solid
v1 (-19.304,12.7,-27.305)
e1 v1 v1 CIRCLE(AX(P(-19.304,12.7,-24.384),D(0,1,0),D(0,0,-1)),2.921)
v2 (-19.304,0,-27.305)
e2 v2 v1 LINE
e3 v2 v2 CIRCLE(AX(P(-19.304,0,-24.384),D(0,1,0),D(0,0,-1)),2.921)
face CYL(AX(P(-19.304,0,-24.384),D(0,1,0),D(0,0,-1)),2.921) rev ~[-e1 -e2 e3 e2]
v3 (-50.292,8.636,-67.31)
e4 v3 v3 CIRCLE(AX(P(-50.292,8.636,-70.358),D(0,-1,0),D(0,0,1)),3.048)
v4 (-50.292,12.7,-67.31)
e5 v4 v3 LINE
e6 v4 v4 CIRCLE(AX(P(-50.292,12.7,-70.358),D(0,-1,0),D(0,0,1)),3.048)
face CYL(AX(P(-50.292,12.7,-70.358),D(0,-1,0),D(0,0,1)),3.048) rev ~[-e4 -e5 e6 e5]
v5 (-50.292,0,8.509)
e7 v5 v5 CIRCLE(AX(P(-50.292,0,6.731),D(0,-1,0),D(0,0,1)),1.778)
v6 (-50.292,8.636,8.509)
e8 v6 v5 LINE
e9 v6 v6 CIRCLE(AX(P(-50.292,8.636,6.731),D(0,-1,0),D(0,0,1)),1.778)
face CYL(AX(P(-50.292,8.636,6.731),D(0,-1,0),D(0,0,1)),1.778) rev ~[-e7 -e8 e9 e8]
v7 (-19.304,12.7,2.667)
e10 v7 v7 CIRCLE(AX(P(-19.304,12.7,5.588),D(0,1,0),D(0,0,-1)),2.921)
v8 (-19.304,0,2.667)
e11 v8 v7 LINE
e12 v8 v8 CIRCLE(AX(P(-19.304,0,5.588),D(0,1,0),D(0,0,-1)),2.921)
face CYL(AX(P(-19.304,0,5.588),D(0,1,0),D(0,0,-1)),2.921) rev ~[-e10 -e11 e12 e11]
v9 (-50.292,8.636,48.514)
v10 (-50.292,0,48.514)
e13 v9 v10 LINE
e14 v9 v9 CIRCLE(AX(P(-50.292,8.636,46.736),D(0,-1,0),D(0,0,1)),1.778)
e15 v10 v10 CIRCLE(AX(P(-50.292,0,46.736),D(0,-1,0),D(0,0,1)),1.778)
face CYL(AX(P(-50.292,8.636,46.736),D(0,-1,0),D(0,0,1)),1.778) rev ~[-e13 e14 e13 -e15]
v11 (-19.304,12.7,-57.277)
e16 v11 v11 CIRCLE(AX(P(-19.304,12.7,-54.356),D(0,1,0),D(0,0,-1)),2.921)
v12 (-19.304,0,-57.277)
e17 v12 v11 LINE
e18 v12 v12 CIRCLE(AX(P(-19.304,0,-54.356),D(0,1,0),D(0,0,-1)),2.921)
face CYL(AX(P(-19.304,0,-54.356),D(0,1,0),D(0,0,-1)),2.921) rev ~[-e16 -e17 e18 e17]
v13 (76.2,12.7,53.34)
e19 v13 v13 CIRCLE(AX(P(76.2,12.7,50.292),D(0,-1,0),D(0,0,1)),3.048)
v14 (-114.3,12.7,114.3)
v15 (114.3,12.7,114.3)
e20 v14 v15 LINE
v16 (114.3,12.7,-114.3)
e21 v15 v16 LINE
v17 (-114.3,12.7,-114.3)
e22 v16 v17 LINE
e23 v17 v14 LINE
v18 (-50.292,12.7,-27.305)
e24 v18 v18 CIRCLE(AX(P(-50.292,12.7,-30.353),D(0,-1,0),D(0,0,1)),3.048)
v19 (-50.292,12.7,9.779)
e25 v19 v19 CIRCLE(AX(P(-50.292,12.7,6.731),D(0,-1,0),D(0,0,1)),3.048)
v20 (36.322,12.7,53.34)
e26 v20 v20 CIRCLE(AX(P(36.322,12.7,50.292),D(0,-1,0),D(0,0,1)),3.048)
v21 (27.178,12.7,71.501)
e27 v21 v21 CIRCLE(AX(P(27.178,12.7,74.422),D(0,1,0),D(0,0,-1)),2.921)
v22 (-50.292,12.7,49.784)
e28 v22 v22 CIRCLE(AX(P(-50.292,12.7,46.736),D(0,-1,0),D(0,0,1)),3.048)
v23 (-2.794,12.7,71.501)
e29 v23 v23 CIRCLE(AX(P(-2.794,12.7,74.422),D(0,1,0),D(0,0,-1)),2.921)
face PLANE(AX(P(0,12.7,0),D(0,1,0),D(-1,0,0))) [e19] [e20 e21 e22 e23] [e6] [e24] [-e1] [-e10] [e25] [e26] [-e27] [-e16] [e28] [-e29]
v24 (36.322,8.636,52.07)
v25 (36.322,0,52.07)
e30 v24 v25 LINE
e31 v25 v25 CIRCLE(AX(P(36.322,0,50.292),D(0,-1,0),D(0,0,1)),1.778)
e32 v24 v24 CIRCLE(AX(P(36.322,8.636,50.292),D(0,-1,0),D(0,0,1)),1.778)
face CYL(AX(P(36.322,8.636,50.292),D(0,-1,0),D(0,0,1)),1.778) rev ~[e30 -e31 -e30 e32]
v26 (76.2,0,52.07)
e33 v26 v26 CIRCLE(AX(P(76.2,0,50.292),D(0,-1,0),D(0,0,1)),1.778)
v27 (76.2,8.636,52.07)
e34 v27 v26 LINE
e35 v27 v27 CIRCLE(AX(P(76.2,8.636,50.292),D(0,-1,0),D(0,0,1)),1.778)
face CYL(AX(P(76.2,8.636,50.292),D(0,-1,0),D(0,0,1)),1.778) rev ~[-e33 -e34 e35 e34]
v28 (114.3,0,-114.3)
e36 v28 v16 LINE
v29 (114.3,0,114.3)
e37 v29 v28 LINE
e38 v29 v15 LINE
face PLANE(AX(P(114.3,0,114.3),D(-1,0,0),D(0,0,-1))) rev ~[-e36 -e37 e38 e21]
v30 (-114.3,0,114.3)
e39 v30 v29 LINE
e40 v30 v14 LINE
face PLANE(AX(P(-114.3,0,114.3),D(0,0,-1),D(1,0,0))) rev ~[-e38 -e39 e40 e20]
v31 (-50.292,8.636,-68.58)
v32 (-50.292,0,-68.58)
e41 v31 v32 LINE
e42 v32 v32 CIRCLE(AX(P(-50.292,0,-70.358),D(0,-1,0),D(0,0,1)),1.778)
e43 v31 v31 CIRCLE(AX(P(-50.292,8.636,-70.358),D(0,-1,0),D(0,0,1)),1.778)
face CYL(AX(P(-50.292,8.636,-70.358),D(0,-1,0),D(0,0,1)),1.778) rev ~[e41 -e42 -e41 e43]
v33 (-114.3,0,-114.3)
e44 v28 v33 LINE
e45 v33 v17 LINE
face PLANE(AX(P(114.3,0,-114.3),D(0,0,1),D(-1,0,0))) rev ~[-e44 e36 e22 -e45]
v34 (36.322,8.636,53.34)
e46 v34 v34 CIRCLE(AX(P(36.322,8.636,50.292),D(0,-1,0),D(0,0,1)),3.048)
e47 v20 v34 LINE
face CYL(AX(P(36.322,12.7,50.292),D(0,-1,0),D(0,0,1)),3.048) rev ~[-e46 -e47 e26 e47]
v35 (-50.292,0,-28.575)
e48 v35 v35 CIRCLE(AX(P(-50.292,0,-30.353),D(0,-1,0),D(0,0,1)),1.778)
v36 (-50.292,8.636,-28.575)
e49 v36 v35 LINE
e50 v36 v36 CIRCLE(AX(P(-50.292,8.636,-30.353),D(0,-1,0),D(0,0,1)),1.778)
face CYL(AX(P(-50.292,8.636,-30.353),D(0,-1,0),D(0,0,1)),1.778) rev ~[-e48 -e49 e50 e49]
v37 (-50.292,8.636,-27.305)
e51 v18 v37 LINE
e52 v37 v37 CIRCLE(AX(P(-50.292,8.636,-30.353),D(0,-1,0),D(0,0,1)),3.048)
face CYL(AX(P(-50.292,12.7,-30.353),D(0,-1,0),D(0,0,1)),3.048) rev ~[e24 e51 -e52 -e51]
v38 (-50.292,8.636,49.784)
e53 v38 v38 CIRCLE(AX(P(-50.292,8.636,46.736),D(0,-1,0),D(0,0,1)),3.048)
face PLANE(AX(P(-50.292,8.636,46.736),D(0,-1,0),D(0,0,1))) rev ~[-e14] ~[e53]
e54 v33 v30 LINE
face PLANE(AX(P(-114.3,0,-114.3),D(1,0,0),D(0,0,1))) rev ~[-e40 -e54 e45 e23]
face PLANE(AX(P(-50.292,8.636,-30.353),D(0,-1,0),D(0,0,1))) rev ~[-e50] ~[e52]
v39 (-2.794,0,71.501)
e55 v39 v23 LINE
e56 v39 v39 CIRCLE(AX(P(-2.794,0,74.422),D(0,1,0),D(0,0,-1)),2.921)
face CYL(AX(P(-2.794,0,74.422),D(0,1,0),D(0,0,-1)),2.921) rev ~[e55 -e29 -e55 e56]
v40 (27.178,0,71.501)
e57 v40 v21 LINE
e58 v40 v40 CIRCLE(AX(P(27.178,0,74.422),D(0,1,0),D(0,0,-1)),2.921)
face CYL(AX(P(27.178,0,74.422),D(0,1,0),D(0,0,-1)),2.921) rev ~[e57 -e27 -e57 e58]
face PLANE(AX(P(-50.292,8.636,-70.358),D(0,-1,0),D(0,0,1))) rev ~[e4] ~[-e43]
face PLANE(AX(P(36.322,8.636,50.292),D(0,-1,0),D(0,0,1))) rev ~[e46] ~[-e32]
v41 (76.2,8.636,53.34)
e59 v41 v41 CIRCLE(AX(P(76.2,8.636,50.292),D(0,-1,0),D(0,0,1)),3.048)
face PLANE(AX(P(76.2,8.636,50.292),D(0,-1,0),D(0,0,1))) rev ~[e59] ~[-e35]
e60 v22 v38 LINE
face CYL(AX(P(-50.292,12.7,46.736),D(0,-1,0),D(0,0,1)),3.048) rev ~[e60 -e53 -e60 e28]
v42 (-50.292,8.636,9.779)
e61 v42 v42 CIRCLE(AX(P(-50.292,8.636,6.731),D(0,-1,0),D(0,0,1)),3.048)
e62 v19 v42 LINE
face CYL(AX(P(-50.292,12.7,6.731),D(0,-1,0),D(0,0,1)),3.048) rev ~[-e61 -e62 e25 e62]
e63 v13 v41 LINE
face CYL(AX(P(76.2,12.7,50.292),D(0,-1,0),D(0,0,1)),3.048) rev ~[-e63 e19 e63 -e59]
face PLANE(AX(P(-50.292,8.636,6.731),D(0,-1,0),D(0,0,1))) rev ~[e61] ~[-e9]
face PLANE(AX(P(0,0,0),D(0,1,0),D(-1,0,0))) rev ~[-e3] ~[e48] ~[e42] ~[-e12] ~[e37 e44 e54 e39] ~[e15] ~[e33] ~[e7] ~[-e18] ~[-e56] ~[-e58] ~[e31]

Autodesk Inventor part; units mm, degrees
ref_plane "YZ Plane" through (0, 0, 0) normal (1, 0, 0) x (0, 1, 0)
ref_plane "XZ Plane" through (0, 0, 0) normal (0, 1, 0) x (-1, 0, 0)
ref_plane "XY Plane" through (0, 0, 0) normal (0, 0, 1) x (1, 0, 0)
sketch "Sketch1" plane through (0, 0, 0) normal (0, 1, 0) x (-1, 0, 0)
  line L0 (114.3, 114.3) -> (-114.3, 114.3)
  line L1 (-114.3, 114.3) -> (-114.3, -114.3)
  line L2 (-114.3, -114.3) -> (114.3, -114.3)
  line L3 (114.3, -114.3) -> (114.3, 114.3)
  point P0 (0, 0)
  dimension "d0" = 228.6
  dimension "d1" = 228.6
extrude "Extrusion1" add sketch "Sketch1" along normal blind 12.7
sketch "Sketch2" plane through (0, 12.7, 0) normal (0, -1, 0) x (1, 0, 0)
  line L0 (114.3, -114.3) -> (-114.3, -114.3) projected
  line L1 (-114.3, -114.3) -> (-50.292, -114.3)
  line L2 (-50.292, -114.3) -> (-50.292, -70.358)
  line L3 (-50.292, -70.358) -> (-50.292, -30.353)
  line L4 (-50.292, -30.353) -> (-50.292, 6.731)
  line L5 (-50.292, 6.731) -> (-50.292, 46.736)
  point P0 (0, 0)
  dimension "d4" = 64.008
  dimension "d5" = 43.942
  dimension "d6" = 40.005
  dimension "d7" = 37.084
  dimension "d8" = 40.005
hole "Hole1" at (-50.292, 12.7, 46.736) at (-50.292, 12.7, 6.731) at (-50.292, 12.7, -30.353) at (-50.292, 12.7, -70.358) direction (0, -1, 0) diameter 3.556 depth 25.4 counterbore diameter 6.096 counterbore depth 4.064
sketch "Sketch3" plane through (0, 0, 0) normal (0, -1, 0) x (1, 0, 0)
  line L0 (-114.3, -114.3) -> (-19.304, -114.3)
  line L1 (114.3, -114.3) -> (-114.3, -114.3) projected
  line L2 (-19.304, -114.3) -> (-19.304, -54.356)
  line L3 (-19.304, -54.356) -> (-19.304, -24.384)
  line L4 (-19.304, -24.384) -> (-19.304, 5.588)
  line L5 (114.3, 114.3) -> (63.5, 114.3)
  line L6 (-114.3, 114.3) -> (114.3, 114.3) projected
  line L7 (63.5, 114.3) -> (63.5, 74.422)
  line L8 (63.5, 74.422) -> (33.528, 74.422)
  line L9 (63.5, 114.3) -> (63.5, 74.422)
  line L10 (63.5, 74.422) -> (33.528, 74.422)
  line L11 (33.528, 74.422) -> (27.178, 74.422)
  line L12 (27.178, 74.422) -> (-2.794, 74.422)
  point P0 (0, 0)
  dimension "d16" = 94.996
  dimension "d17" = 59.944
  dimension "d18" = 29.972
  dimension "d19" = 29.972
  dimension "d20" = 50.8
  dimension "d21" = 39.878
  dimension "d22" = 29.972
  dimension "d23" = 39.878
  dimension "d24" = 6.35
  dimension "d25" = 29.972
hole "Hole2" at (-2.794, 0, 74.422) at (27.178, 0, 74.422) at (-19.304, 0, 5.588) at (-19.304, 0, -24.384) at (-19.304, 0, -54.356) direction (0, 1, 0) diameter 5.842 depth 25.4
sketch "Sketch4" plane through (0, 12.7, 0) normal (0, 1, 0) x (1, 0, 0)
  line L0 (114.3, -114.3) -> (76.2, -114.3)
  line L1 (-114.3, -114.3) -> (114.3, -114.3) projected
  line L2 (76.2, -114.3) -> (76.2, -50.292)
  line L3 (76.2, -50.292) -> (36.322, -50.292)
  point P0 (0, 0)
  dimension "d33" = 38.1
  dimension "d34" = 64.008
  dimension "d35" = 39.878
hole "Hole3" at (76.2, 12.7, 50.292) at (36.322, 12.7, 50.292) direction (0, -1, 0) diameter 3.556 depth 25.4 counterbore diameter 6.096 counterbore depth 4.064
sketch "Sketch5" plane through (0, 12.7, 0) normal (0, 1, 0) x (1, 0, 0)
  line L0 (114.3, 114.3) -> (-114.3, 114.3) projected
  line L1 (-114.3, 114.3) -> (-104.14, 114.3)
  line L2 (-104.14, 114.3) -> (-114.3, 114.3)
  line L3 (-104.14, 114.3) -> (-104.14, 50.8)
  line L4 (-104.14, 50.8) -> (-104.14, -12.7)
  line L5 (-104.14, -12.7) -> (-104.14, -76.2)
  line L6 (-114.3, 114.3) -> (-114.3, 104.14)
  line L7 (-114.3, 114.3) -> (-114.3, -114.3) projected
  line L8 (-114.3, 104.14) -> (-50.8, 104.14)
  line L9 (-50.8, 104.14) -> (12.7, 104.14)
  line L10 (12.7, 104.14) -> (76.2, 104.14)
  line L11 (-114.3, -114.3) -> (114.3, -114.3) projected
  line L12 (114.3, -114.3) -> (114.3, -104.14)
  line L13 (114.3, -114.3) -> (114.3, 114.3) projected
  line L14 (114.3, -104.14) -> (50.8, -104.14)
  line L15 (50.8, -104.14) -> (-12.7, -104.14)
  line L16 (-12.7, -104.14) -> (-76.2, -104.14)
  line L17 (114.3, -114.3) -> (104.14, -114.3)
  line L18 (104.14, -114.3) -> (104.14, -50.8)
  line L19 (104.14, -50.8) -> (104.14, 12.7)
  line L20 (104.14, 12.7) -> (104.14, 76.2)
  point P0 (0, 0)
  dimension "d43" = 10.16
  dimension "d44" = 63.5
  dimension "d45" = 63.5
  dimension "d46" = 63.5
  dimension "d47" = 10.16
  dimension "d48" = 63.5
  dimension "d49" = 90
  dimension "d50" = 63.5
  dimension "d51" = 63.5
  dimension "d52" = 10.16
  dimension "d53" = 63.5
  dimension "d54" = 63.5
  dimension "d55" = 63.5
  dimension "d56" = 10.16
  dimension "d57" = 63.5
  dimension "d58" = 63.5
  dimension "d59" = 63.5
hole "Hole4" [suppressed]
properties part number "sheetmetalbottom"
